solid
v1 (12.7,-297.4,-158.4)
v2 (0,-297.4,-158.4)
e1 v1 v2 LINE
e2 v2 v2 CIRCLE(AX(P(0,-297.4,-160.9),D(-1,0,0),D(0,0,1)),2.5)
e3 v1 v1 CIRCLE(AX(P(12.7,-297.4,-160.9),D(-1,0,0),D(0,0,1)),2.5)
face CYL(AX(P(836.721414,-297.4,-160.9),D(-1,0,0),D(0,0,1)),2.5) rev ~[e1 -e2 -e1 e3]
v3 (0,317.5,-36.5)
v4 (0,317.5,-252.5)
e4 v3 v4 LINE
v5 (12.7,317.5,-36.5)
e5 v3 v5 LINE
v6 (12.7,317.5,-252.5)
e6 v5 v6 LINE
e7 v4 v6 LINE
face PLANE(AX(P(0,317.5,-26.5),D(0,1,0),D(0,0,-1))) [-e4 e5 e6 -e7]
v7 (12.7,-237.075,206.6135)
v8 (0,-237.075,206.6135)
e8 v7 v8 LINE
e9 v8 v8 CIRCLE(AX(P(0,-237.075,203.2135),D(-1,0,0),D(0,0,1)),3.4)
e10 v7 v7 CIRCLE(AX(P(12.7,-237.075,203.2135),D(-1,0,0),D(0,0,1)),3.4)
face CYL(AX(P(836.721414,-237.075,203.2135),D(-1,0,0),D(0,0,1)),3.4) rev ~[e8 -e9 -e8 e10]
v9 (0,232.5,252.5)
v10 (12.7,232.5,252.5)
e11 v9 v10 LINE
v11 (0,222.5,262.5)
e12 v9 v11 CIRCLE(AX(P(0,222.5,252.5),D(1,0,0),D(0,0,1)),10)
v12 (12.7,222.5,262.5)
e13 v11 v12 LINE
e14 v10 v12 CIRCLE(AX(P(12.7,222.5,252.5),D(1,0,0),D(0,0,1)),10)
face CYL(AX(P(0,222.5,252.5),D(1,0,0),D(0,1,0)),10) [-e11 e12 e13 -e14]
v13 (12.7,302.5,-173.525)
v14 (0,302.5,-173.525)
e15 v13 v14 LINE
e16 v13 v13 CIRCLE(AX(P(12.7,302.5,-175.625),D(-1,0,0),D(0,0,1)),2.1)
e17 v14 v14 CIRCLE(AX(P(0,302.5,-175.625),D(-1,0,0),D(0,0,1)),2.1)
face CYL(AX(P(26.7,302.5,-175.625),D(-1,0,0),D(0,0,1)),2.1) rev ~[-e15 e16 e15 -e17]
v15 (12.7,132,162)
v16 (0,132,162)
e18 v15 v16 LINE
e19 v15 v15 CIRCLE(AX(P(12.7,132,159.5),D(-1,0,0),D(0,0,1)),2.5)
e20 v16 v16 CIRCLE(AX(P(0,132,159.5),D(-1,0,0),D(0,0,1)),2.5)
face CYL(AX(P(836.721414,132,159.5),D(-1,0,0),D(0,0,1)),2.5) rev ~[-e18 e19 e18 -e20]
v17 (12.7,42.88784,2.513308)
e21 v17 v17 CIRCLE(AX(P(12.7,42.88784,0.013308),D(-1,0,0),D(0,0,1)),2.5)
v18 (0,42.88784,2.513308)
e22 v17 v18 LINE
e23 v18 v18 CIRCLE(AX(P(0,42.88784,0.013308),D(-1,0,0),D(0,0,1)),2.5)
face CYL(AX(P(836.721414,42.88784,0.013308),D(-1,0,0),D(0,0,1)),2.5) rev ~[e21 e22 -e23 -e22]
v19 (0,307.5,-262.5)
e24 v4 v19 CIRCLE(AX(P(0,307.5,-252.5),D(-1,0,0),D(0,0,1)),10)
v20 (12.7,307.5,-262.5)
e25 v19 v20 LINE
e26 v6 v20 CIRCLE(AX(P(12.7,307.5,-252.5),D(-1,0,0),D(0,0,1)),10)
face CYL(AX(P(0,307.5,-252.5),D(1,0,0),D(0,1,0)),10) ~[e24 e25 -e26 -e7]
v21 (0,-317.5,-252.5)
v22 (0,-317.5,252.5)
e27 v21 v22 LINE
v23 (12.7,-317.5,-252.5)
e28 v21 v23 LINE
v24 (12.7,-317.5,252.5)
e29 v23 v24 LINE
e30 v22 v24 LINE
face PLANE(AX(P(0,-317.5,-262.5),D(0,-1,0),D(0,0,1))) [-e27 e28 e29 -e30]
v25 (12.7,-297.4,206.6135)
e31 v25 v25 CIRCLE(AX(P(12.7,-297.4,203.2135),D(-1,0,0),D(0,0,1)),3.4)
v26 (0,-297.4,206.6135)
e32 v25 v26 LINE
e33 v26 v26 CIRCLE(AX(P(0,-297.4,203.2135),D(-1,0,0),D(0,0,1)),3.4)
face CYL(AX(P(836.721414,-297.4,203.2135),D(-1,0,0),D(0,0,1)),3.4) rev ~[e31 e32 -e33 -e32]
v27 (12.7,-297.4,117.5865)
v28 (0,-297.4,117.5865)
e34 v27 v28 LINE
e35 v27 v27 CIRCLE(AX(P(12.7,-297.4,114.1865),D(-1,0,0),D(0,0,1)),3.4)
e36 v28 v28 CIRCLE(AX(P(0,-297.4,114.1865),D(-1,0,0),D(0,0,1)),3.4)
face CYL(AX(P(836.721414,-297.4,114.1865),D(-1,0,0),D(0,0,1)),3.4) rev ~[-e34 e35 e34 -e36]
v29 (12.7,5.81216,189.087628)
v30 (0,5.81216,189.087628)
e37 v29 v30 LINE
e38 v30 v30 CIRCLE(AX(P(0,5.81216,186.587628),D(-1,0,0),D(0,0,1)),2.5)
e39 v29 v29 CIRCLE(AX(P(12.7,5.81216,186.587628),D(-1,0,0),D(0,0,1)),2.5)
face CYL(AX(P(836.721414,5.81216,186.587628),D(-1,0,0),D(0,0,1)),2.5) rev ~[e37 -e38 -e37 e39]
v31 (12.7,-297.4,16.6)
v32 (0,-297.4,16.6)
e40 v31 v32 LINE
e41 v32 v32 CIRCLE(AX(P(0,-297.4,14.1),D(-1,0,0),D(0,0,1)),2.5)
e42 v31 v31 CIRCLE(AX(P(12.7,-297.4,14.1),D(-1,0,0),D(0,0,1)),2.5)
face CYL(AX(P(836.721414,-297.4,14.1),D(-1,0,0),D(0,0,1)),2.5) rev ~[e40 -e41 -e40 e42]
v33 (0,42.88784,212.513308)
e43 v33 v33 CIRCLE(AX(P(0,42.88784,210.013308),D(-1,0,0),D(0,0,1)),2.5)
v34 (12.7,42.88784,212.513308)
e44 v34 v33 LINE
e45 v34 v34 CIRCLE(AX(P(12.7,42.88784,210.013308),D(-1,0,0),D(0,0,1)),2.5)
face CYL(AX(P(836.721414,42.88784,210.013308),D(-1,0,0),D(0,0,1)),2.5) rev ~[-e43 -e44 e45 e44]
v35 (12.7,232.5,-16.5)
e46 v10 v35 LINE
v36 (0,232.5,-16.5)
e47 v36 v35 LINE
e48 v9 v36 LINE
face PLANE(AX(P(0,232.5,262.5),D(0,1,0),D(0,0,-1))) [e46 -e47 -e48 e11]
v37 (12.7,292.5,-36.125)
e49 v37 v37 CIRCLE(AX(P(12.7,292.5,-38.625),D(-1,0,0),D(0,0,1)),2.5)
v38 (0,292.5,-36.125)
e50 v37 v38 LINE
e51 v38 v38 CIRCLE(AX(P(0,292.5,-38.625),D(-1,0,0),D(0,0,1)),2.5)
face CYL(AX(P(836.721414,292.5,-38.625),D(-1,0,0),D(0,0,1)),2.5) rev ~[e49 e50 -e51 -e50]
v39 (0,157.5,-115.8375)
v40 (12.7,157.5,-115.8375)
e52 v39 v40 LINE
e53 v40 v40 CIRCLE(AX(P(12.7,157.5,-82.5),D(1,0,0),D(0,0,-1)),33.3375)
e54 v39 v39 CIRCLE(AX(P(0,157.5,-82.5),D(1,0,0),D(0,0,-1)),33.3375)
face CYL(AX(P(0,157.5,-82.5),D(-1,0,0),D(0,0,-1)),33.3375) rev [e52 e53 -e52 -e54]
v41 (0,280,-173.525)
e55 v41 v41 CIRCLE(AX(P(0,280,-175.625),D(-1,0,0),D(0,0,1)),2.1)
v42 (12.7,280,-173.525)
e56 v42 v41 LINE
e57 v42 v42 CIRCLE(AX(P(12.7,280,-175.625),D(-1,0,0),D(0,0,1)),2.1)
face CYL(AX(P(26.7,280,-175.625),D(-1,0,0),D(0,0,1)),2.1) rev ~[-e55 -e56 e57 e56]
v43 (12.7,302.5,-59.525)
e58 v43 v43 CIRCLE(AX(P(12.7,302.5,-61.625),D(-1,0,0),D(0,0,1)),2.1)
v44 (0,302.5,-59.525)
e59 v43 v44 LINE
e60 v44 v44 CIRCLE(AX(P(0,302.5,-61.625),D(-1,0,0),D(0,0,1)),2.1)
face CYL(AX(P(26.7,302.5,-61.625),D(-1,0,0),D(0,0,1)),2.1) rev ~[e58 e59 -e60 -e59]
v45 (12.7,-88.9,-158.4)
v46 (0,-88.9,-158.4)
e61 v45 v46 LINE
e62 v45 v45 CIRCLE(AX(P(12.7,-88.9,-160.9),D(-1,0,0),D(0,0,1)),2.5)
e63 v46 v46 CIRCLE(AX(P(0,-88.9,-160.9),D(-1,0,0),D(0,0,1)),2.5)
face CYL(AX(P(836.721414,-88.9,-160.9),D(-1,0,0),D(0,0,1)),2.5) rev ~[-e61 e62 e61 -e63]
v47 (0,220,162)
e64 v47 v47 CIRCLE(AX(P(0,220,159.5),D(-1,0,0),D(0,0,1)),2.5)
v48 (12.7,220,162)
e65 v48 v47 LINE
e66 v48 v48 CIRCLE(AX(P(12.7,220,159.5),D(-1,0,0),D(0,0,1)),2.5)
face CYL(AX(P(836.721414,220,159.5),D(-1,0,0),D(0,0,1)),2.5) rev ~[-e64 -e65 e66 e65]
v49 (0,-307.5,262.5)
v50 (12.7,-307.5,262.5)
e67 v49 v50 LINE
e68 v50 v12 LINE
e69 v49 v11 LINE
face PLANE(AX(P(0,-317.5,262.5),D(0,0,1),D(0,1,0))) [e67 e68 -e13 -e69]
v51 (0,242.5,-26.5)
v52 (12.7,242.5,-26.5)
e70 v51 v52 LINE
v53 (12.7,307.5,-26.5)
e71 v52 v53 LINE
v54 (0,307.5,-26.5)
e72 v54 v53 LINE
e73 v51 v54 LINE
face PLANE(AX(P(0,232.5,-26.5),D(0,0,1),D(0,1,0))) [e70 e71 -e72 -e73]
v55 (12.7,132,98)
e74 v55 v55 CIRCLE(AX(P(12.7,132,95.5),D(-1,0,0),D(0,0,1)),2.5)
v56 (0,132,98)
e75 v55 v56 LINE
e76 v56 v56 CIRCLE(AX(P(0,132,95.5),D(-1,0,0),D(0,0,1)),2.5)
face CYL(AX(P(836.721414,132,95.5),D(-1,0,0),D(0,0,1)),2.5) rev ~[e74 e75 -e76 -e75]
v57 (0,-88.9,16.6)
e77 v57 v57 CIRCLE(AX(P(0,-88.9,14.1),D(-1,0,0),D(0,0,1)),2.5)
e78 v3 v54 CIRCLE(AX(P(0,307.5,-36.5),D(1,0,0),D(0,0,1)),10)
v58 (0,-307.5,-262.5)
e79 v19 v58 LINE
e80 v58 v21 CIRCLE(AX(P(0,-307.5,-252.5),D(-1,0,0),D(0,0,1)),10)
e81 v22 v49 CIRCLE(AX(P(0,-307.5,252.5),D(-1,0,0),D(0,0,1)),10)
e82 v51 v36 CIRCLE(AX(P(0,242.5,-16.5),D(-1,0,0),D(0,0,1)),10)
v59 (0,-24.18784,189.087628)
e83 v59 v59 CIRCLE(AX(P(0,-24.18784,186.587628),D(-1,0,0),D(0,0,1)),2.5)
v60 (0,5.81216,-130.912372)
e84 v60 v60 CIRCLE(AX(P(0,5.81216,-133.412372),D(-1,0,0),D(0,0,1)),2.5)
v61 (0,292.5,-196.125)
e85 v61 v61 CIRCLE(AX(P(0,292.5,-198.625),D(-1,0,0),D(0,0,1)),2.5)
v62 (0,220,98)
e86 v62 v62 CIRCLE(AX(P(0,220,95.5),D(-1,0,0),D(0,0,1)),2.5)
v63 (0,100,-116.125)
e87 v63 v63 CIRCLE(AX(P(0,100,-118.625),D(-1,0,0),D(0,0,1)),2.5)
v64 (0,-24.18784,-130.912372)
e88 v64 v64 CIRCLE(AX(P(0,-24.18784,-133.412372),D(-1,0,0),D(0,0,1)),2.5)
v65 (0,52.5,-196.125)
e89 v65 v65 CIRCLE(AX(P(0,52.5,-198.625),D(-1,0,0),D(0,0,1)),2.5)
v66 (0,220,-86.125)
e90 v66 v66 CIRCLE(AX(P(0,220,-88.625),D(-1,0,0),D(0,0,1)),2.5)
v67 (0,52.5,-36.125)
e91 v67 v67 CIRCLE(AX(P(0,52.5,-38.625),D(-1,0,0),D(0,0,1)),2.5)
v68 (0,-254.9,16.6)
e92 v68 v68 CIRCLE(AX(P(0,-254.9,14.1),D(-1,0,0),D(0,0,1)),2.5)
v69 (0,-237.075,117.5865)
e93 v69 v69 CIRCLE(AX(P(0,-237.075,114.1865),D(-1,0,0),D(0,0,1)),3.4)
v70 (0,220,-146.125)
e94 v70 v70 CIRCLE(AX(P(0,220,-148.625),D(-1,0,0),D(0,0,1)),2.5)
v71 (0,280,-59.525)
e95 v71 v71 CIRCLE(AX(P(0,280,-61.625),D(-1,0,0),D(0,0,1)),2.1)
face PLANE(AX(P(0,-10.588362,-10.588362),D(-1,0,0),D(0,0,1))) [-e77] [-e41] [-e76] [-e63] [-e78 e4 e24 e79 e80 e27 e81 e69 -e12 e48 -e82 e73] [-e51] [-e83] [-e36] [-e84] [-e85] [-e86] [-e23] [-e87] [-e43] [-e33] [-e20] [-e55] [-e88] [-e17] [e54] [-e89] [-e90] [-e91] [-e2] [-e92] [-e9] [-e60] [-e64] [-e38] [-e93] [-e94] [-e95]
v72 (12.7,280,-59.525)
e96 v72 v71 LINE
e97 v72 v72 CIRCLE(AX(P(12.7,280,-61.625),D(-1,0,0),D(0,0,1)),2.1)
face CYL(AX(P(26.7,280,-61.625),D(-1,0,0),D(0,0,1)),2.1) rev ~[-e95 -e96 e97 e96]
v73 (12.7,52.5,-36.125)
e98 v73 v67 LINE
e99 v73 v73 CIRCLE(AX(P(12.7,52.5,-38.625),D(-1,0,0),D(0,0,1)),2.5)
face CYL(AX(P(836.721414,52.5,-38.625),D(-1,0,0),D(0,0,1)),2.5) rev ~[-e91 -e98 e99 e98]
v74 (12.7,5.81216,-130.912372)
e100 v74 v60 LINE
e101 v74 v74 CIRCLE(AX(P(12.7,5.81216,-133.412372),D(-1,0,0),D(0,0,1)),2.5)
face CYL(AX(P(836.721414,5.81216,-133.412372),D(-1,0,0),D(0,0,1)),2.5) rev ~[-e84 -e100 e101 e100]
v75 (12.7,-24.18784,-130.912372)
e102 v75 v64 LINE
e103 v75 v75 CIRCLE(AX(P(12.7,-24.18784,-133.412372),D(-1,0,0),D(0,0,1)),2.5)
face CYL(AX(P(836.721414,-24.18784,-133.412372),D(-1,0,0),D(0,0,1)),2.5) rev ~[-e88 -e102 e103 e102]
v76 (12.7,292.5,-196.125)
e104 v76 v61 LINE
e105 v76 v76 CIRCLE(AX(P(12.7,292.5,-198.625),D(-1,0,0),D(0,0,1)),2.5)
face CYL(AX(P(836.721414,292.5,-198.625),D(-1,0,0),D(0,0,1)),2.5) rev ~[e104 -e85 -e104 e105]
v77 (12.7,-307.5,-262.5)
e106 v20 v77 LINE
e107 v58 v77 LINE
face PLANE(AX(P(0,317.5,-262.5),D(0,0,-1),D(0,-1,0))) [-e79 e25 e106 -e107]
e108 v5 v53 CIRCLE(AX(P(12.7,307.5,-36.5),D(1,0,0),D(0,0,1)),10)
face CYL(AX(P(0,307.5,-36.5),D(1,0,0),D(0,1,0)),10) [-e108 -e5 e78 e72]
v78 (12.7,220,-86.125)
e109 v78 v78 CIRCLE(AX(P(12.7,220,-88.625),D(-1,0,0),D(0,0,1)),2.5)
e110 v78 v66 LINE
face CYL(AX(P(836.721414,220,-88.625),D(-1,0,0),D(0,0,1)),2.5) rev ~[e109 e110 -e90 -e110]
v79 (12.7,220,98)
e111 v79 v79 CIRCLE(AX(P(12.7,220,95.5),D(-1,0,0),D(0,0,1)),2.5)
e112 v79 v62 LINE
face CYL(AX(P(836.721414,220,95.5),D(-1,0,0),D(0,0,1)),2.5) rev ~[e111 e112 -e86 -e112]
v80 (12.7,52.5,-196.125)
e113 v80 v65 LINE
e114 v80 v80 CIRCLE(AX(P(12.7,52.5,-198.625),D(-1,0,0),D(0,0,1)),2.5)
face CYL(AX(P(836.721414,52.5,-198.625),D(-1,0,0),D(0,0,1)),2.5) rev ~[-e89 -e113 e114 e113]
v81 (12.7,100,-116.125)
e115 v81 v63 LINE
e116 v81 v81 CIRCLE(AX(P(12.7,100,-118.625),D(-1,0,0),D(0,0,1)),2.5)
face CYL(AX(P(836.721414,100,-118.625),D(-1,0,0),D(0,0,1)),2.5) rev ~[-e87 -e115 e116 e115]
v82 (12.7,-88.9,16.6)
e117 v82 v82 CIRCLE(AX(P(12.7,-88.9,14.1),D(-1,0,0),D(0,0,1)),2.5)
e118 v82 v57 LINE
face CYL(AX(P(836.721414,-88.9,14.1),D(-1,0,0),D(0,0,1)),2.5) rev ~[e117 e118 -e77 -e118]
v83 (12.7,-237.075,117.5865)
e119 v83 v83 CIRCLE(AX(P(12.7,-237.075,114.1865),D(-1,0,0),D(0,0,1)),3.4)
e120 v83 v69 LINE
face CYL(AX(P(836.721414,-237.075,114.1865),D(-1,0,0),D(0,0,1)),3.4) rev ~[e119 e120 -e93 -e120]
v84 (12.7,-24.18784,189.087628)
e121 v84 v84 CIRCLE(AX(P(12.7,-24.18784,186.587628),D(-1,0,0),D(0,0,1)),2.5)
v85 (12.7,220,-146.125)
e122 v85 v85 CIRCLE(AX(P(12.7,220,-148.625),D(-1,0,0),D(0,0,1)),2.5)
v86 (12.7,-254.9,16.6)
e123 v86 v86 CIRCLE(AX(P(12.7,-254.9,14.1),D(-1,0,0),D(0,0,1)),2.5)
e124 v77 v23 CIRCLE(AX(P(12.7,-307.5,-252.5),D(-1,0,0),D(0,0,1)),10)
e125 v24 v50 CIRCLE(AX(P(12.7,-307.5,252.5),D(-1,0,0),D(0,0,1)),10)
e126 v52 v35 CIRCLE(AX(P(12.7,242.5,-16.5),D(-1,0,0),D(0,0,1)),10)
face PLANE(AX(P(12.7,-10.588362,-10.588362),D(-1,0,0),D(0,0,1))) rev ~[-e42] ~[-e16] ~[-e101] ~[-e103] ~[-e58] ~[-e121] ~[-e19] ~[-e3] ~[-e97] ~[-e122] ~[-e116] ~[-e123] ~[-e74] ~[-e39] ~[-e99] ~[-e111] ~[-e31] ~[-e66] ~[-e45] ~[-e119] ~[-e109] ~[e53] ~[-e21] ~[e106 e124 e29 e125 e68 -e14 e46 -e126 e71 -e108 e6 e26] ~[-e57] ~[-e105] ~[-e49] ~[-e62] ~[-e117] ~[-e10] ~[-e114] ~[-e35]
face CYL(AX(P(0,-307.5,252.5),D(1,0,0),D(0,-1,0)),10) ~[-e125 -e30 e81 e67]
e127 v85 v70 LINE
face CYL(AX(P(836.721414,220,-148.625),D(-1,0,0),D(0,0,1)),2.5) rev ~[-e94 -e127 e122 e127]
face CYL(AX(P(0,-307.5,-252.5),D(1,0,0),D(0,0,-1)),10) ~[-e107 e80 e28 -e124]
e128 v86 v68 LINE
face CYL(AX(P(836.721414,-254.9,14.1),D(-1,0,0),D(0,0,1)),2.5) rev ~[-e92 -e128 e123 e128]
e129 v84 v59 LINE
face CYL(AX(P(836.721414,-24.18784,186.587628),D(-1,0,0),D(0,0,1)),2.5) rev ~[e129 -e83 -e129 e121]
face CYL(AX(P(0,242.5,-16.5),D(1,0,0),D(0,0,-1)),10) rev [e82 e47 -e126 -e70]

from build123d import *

# Parameters (mm, degrees)
SKETCH1_R             = 33.3375
BOSS_EXTRUDE1_DEPTH   = 12.7
FILLET1_R             = 10
M5_TAPPED_HOLE1_D     = 4.2
M5_TAPPED_HOLE1_DEPTH = 14
M5_TAPPED_HOLE1_TIP   = 1.2618073
M6_TAPPED_HOLE1_D     = 5
M6_TAPPED_HOLE2_D     = 5
M6_TAPPED_HOLE3_D     = 5
M6_TAPPED_HOLE4_D     = 5
M6_TAPPED_HOLE5_D     = 5
M8_TAPPED_HOLE1_D     = 6.8
M6_TAPPED_HOLE6_D     = 5


with BuildPart() as part:
    # Sketch1 → Boss-Extrude1 (new body)
    with BuildSketch(Plane(origin=(0, 0, 0), x_dir=(0, 0, -1), z_dir=(1, 0, 0))):
        Polygon((26.5, 317.5), (262.5, 317.5), (262.5, -317.5), (-262.5, -317.5), (-262.5, 232.5), (26.5, 232.5), align=None)
        with Locations((82.5, 157.5)):
            Circle(SKETCH1_R, mode=Mode.SUBTRACT)
    extrude(amount=BOSS_EXTRUDE1_DEPTH)

    # Fillet1
    fillet1_edges = [part.edges().sort_by_distance(p)[0] for p in [
        (6.35, -317.5, -262.5),
        (6.35, -317.5, 262.5),
        (6.35, 232.5, 262.5),
        (6.35, 232.5, -26.5),
        (6.35, 317.5, -26.5),
        (6.35, 317.5, -262.5),
    ]]
    fillet(fillet1_edges, radius=FILLET1_R)

    # M5 Tapped Hole1
    with Locations(Plane(origin=(12.7, 0, 0), x_dir=(0, 0, -1), z_dir=(1, 0, 0))):
        with Locations((175.625, 302.5), (175.625, 280), (61.625, 280), (61.625, 302.5)):
            Hole(M5_TAPPED_HOLE1_D / 2, depth=M5_TAPPED_HOLE1_DEPTH)
            with Locations((0, 0, -(M5_TAPPED_HOLE1_DEPTH + M5_TAPPED_HOLE1_TIP / 2))):  # 118° drill point
                Cone(0, M5_TAPPED_HOLE1_D / 2, M5_TAPPED_HOLE1_TIP, mode=Mode.SUBTRACT)

    # M6 Tapped Hole1 (through all)
    with Locations(Plane(origin=(12.7, 0, 0), x_dir=(0, 0, -1), z_dir=(1, 0, 0))):
        with Locations((-186.587628, 5.81216), (-186.587628, -24.18784), (133.412372, 5.81216), (133.412372, -24.18784)):
            Hole(M6_TAPPED_HOLE1_D / 2)

    # M6 Tapped Hole2 (through all)
    with Locations(Plane(origin=(12.7, 0, 0), x_dir=(0, 0, -1), z_dir=(1, 0, 0))):
        with Locations((-210.013308, 42.88784), (-0.013308, 42.88784)):
            Hole(M6_TAPPED_HOLE2_D / 2)

    # M6 Tapped Hole3 (through all)
    with Locations(Plane(origin=(12.7, 0, 0), x_dir=(0, 0, -1), z_dir=(1, 0, 0))):
        with Locations((88.625, 220), (148.625, 220), (118.625, 100)):
            Hole(M6_TAPPED_HOLE3_D / 2)

    # M6 Tapped Hole4 (through all)
    with Locations(Plane(origin=(12.7, 0, 0), x_dir=(0, 0, -1), z_dir=(1, 0, 0))):
        with Locations((198.625, 292.5), (38.625, 292.5), (38.625, 52.5), (198.625, 52.5)):
            Hole(M6_TAPPED_HOLE4_D / 2)

    # M6 Tapped Hole5 (through all)
    with Locations(Plane(origin=(12.7, 0, 0), x_dir=(0, 0, -1), z_dir=(1, 0, 0))):
        with Locations((-14.1, -254.9), (-14.1, -88.9), (160.9, -297.4), (160.9, -88.9), (-14.1, -297.4)):
            Hole(M6_TAPPED_HOLE5_D / 2)

    # M8 Tapped Hole1 (through all)
    with Locations(Plane(origin=(12.7, 0, 0), x_dir=(0, 0, -1), z_dir=(1, 0, 0))):
        with Locations((-203.2135, -237.075), (-114.1865, -237.075), (-114.1865, -297.4), (-203.2135, -297.4)):
            Hole(M8_TAPPED_HOLE1_D / 2)

    # M6 Tapped Hole6 (through all)
    with Locations(Plane(origin=(12.7, 0, 0), x_dir=(0, 0, -1), z_dir=(1, 0, 0))):
        with Locations((-159.5, 220), (-95.5, 220), (-95.5, 132), (-159.5, 132)):
            Hole(M6_TAPPED_HOLE6_D / 2)


solid = part.part
